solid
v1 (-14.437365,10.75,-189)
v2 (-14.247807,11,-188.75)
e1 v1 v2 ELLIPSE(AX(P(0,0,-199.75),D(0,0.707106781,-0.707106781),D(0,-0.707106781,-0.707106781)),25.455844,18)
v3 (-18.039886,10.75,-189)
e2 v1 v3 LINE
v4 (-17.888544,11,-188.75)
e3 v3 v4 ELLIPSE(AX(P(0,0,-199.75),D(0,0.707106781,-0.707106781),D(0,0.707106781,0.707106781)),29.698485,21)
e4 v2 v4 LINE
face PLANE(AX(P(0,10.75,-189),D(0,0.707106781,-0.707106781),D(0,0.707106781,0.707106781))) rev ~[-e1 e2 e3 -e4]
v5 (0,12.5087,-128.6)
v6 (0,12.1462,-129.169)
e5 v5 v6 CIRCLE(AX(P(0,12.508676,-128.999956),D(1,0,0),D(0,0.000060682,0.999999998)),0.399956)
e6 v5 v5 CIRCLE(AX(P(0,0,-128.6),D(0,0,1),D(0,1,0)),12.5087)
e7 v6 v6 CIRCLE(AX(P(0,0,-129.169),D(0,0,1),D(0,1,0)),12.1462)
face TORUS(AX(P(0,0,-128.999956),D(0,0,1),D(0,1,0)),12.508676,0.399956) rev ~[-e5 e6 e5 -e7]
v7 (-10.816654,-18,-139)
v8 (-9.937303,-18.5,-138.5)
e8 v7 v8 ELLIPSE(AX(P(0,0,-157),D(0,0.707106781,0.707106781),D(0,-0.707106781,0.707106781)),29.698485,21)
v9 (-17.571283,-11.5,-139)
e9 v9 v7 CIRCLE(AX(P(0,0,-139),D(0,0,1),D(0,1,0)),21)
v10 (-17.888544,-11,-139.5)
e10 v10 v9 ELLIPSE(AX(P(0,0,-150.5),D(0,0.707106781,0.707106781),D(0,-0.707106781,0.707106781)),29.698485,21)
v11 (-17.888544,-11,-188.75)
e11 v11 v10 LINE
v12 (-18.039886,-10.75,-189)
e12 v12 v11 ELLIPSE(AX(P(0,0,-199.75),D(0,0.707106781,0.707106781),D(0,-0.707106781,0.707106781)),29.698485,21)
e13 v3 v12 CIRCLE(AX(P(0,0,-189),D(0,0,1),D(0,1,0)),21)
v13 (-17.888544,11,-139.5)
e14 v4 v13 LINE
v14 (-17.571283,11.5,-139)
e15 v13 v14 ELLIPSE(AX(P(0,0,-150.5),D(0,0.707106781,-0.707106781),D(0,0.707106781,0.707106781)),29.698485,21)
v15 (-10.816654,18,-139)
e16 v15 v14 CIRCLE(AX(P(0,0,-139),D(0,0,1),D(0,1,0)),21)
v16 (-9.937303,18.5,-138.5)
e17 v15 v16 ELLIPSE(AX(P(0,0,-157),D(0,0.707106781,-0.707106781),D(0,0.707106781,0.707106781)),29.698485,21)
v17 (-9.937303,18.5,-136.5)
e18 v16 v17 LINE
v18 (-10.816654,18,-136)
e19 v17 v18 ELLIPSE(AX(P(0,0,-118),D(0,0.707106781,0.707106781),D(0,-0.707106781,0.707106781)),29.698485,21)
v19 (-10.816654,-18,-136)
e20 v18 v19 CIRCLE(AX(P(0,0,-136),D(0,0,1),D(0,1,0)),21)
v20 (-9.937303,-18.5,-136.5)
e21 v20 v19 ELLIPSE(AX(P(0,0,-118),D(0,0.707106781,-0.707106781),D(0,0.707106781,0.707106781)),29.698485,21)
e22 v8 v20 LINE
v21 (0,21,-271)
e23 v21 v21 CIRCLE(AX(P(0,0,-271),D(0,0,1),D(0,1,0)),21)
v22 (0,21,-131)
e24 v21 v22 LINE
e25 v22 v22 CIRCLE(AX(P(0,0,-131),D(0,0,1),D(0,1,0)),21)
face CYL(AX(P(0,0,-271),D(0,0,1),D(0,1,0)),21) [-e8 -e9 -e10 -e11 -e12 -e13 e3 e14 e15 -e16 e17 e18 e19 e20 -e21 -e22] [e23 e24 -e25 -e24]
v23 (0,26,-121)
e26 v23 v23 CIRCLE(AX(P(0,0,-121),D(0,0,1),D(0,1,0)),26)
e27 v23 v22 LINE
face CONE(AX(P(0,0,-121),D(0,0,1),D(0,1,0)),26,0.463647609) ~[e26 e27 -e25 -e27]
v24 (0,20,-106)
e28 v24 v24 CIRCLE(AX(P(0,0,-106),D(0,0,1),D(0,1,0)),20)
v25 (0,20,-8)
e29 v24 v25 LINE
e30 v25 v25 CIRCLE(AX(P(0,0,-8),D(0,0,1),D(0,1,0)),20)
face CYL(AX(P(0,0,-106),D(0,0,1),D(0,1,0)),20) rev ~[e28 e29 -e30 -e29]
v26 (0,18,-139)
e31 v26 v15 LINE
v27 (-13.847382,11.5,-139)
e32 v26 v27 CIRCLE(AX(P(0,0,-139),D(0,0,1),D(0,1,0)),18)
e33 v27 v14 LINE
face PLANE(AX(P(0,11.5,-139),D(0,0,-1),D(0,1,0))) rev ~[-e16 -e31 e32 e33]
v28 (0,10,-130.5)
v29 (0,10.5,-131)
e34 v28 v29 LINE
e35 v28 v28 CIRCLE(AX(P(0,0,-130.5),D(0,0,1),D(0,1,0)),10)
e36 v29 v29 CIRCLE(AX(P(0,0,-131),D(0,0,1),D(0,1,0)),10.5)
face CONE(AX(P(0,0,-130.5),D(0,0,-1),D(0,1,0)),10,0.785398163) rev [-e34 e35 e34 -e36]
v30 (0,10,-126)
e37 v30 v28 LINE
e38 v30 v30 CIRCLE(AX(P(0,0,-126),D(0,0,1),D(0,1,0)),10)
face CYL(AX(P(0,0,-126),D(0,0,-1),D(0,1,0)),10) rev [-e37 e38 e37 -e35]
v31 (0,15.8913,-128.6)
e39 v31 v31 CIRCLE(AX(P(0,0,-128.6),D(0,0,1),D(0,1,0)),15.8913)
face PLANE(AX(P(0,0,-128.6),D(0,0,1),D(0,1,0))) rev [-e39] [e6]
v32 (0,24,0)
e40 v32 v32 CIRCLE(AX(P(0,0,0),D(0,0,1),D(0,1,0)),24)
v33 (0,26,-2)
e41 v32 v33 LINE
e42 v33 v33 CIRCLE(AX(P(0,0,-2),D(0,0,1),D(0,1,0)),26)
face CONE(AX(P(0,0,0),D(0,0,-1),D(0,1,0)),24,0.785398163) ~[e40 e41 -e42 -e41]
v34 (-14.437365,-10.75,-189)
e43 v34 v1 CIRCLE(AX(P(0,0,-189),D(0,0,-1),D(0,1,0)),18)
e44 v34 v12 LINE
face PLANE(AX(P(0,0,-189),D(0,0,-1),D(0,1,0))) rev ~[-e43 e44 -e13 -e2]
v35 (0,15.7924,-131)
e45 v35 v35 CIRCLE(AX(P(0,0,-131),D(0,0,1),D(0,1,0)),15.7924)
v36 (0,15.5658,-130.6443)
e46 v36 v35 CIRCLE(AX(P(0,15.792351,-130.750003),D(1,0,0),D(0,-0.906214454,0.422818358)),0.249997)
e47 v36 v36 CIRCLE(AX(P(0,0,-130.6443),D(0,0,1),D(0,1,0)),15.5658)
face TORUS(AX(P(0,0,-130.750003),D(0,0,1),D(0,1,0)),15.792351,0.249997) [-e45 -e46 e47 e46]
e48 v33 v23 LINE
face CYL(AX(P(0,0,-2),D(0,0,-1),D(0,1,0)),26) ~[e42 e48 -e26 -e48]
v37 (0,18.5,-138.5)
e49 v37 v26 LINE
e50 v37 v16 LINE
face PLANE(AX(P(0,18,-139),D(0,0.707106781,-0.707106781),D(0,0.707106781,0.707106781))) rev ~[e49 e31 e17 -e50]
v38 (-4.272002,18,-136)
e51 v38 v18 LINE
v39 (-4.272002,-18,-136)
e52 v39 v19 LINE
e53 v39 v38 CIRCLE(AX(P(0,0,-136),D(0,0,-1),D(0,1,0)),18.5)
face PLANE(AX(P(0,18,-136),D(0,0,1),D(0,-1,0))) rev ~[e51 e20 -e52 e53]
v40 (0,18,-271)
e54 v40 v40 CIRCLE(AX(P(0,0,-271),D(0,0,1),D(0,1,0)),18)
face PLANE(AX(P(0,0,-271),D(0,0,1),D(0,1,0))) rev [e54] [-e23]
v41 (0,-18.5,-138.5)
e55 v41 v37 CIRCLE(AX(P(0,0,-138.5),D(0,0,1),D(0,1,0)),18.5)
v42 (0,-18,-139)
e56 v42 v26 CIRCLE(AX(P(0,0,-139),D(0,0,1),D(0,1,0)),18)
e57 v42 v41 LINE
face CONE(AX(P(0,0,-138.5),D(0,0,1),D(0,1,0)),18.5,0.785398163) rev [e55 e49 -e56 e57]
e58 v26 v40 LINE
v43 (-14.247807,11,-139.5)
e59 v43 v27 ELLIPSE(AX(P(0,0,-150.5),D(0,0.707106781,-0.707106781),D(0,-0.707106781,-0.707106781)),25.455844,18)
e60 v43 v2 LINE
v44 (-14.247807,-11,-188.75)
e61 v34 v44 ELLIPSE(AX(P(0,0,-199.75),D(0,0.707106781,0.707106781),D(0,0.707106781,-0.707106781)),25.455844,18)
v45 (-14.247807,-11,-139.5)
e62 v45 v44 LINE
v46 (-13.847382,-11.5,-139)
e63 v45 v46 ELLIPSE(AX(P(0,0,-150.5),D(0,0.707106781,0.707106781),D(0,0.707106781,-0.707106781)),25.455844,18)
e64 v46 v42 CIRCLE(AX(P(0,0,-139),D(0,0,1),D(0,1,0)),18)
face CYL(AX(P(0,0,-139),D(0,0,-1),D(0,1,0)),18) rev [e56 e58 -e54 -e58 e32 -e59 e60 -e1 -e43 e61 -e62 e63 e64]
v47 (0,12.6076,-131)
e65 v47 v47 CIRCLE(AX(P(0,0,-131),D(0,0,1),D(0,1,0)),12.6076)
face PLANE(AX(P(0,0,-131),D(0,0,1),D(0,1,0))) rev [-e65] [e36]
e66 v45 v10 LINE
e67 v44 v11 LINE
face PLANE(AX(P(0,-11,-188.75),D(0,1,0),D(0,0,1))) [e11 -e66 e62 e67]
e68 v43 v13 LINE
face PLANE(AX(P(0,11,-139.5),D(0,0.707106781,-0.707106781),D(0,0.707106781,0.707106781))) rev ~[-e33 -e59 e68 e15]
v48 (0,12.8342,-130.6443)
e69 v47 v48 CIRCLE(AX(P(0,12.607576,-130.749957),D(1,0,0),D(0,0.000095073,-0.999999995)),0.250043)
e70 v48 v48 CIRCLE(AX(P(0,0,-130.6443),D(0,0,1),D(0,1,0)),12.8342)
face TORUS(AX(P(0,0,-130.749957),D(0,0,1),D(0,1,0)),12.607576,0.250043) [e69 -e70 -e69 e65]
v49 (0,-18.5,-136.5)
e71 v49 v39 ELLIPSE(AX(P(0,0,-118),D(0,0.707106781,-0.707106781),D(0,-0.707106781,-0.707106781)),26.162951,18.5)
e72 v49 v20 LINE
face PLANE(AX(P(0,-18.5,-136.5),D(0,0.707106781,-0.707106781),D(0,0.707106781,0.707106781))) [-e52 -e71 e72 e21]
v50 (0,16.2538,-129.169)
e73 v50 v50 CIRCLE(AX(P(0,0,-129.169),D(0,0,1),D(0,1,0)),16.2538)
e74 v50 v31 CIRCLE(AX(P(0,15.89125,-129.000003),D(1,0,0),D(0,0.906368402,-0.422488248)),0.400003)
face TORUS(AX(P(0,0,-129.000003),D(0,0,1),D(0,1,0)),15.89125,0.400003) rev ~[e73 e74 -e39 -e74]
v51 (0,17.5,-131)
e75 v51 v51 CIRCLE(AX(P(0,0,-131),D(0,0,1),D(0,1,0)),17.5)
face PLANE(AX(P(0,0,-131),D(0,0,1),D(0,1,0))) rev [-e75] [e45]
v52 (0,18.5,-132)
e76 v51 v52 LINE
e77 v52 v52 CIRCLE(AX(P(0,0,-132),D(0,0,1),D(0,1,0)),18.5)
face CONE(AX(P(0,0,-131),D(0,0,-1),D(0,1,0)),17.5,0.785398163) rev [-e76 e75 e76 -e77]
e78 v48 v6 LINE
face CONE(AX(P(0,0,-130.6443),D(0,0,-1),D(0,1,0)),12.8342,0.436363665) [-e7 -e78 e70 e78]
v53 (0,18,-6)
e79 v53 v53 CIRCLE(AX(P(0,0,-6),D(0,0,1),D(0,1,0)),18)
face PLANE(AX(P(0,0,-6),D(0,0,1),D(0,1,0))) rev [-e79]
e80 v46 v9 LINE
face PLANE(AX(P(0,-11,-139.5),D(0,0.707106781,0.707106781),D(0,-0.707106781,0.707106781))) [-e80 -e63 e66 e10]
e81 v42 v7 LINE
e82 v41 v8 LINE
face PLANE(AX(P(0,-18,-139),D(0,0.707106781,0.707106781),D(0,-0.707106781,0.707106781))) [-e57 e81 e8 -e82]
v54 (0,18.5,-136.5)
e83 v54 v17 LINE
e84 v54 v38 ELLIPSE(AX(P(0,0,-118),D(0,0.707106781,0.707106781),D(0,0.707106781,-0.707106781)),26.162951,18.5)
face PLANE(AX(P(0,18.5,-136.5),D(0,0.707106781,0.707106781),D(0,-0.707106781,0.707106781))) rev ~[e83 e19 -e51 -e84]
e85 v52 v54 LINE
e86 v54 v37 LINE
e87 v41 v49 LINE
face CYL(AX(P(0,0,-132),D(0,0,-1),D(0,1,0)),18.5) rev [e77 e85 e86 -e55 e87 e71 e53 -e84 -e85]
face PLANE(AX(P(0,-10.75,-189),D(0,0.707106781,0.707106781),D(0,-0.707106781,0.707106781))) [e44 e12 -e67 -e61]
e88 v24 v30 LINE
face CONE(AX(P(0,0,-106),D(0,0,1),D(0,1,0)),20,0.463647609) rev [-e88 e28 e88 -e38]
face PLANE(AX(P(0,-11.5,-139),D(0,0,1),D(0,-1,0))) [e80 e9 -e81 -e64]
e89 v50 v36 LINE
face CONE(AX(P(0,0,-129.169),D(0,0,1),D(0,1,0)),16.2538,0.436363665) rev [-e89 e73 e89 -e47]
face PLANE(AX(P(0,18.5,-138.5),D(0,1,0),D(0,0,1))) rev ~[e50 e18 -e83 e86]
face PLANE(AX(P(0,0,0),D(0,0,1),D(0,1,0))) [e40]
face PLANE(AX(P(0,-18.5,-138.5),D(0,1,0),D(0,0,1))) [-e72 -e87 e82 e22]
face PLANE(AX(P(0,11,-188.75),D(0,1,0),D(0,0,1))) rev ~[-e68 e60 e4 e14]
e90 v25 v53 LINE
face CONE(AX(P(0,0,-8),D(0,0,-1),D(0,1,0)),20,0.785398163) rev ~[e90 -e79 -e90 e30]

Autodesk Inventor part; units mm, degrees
ref_plane "YZ Plane" through (0, 0, 0) normal (1, 0, 0) x (0, 1, 0)
ref_plane "XZ Plane" through (0, 0, 0) normal (0, 1, 0) x (-1, 0, 0)
ref_plane "XY Plane" through (0, 0, 0) normal (0, 0, 1) x (1, 0, 0)
sketch "Esquisse4" plane through (0, 0, 0) normal (1, 0, 0) x (0, 1, 0)
  line L0 (26, -2) -> (26, -121)
  line L1 (24, 0) -> (0, 0)
  line L2 (0, 0) -> (0, -6)
  line L3 (0, -6) -> (18, -6)
  line L4 (20, -106) -> (10, -126)
  line L5 (20, -106) -> (20, -8)
  line L6 (20, -8) -> (18, -6)
  line L7 (24, 0) -> (26, -2)
  line L8 (10, -126) -> (10, -130.5)
  line L9 (10, -130.5) -> (10.5, -131)
  line L10 (10.5, -131) -> (12.6076, -131)
  arc A0 (12.6076, -131) -> (12.8342, -130.6443) centre (12.6076, -130.75) ccw
  line L11 (12.8342, -130.6443) -> (12.1462, -129.169)
  arc A1 (12.5087, -128.6) -> (12.1462, -129.169) centre (12.5087, -129) ccw
  line L12 (12.5087, -128.6) -> (15.8913, -128.6)
  arc A2 (16.2538, -129.169) -> (15.8913, -128.6) centre (15.8913, -129) ccw
  line L13 (16.2538, -129.169) -> (15.5658, -130.6443)
  arc A3 (15.5658, -130.6443) -> (15.7924, -131) centre (15.7924, -130.75) ccw
  line L14 (15.7924, -131) -> (17.5, -131)
  line L15 (15.5658, -130.6443) -> (15.4, -131) construction
  line L16 (15.4, -131) -> (15.7924, -131) construction
  line L17 (12.8342, -130.6443) -> (13, -131) construction
  line L18 (13, -131) -> (12.6076, -131) construction
  line L19 (17.5, -131) -> (18.5, -132)
  line L20 (26, -121) -> (21, -131)
  line L21 (21, -271) -> (21, -131)
  line L22 (18, -271) -> (21, -271)
  line L23 (0, -325.2) -> (0, 54.2) projected
  line L24 (18.5, -132) -> (18.5, -138.5)
  line L25 (18.5, -138.5) -> (18, -139)
  line L26 (18, -139) -> (18, -271)
  dimension "d11" = 2
  dimension "d12" = 6
  dimension "d13" = 6
  dimension "d14" = 2
  dimension "d15" = 2
  dimension "d16" = 2
  dimension "d17" = 65
  dimension "d18" = 0.25
  dimension "d19" = 0.4
  dimension "d20" = 65
  dimension "d21" = 2.4
  dimension "d22" = 2.4
  dimension "d23" = 0.5
  dimension "d24" = 0.5
  dimension "d25" = 3
  dimension "d26" = 20
  dimension "d27" = 20
  dimension "d28" = 100
  dimension "d29" = 10
  dimension "d30" = 5
  dimension "d35" = 1
  dimension "d37" = 1
  dimension "d46" = 140
  dimension "d64" = 18
  dimension "d65" = 0.5
  dimension "d68" = 0.5
  dimension "d72" = 8
  dimension "d75" = 3
revolve "Révolution1" add sketch "Esquisse4" angle 360 about axis through (0, 0, -10) along (0, 0, 1)
sketch "Esquisse5" plane through (0, 0, 0) normal (1, 0, 0) x (0, 1, 0)
  line L0 (-26, -2) -> (-24, 0) projected
  line L1 (-24, 0) -> (24, 0) projected
  line L2 (24, 0) -> (26, -2) projected
  line L3 (26, -2) -> (26, -121) projected
  line L4 (26, -121) -> (21, -131) projected
  line L5 (21, -131) -> (21, -271) projected
  line L6 (21, -271) -> (18, -271) projected
  line L7 (18.5, -132) -> (17.5, -131) projected
  line L8 (17.5, -131) -> (15.7924, -131) projected
  arc A0 (15.5658, -130.6443) -> (15.7924, -131) centre (15.7924, -130.75) ccw projected
  line L9 (15.5658, -130.6443) -> (16.2538, -129.169) projected
  arc A1 (16.2538, -129.169) -> (15.8913, -128.6) centre (15.8913, -129) ccw projected
  line L10 (15.8913, -128.6) -> (12.5087, -128.6) projected
  arc A2 (12.5087, -128.6) -> (12.1462, -129.169) centre (12.5087, -129) ccw projected
  line L11 (12.1462, -129.169) -> (12.8342, -130.6443) projected
  arc A3 (12.6076, -131) -> (12.8342, -130.6443) centre (12.6076, -130.75) ccw projected
  line L12 (12.6076, -131) -> (10.5, -131) projected
  line L13 (10.5, -131) -> (10, -130.5) projected
  line L14 (10, -130.5) -> (10, -126) projected
  line L15 (10, -126) -> (20, -106) projected
  line L16 (20, -106) -> (20, -8) projected
  line L17 (20, -8) -> (18, -6) projected
  line L18 (18, -6) -> (-18, -6) projected
  line L19 (-18, -6) -> (-20, -8) projected
  line L20 (-20, -8) -> (-20, -106) projected
  line L21 (-20, -106) -> (-10, -126) projected
  line L22 (-10, -126) -> (-10, -130.5) projected
  line L23 (-10, -130.5) -> (-10.5, -131) projected
  line L24 (-10.5, -131) -> (-12.6076, -131) projected
  arc A4 (-12.8342, -130.6443) -> (-12.6076, -131) centre (-12.6076, -130.75) ccw projected
  line L25 (-12.8342, -130.6443) -> (-12.1462, -129.169) projected
  arc A5 (-12.1462, -129.169) -> (-12.5087, -128.6) centre (-12.5087, -129) ccw projected
  line L26 (-12.5087, -128.6) -> (-15.8913, -128.6) projected
  arc A6 (-15.8913, -128.6) -> (-16.2538, -129.169) centre (-15.8913, -129) ccw projected
  line L27 (-16.2538, -129.169) -> (-15.5658, -130.6443) projected
  arc A7 (-15.7924, -131) -> (-15.5658, -130.6443) centre (-15.7924, -130.75) ccw projected
  line L28 (-15.7924, -131) -> (-17.5, -131) projected
  line L29 (-17.5, -131) -> (-18.5, -132) projected
  line L30 (-18, -271) -> (-21, -271) projected
  line L31 (-21, -271) -> (-21, -131) projected
  line L32 (-21, -131) -> (-26, -121) projected
  line L33 (-26, -121) -> (-26, -2) projected
  line L34 (18, -136) -> (0, -136)
  line L35 (0, -189) -> (10.75, -189)
  line L36 (10.75, -189) -> (11, -188.75)
  line L37 (11, -188.75) -> (11, -139.5)
  line L38 (11, -139.5) -> (11.5, -139)
  line L39 (11.5, -139) -> (18, -139)
  line L40 (18, -139) -> (18.5, -138.5)
  line L41 (18.5, -138.5) -> (18.5, -136.5)
  line L42 (18.5, -136.5) -> (18, -136)
  line L43 (0, -277.2) -> (0, 46.2) projected
  line L44 (-18, -136) -> (0, -136)
  line L45 (0, -189) -> (-10.75, -189)
  line L46 (-10.75, -189) -> (-11, -188.75)
  line L47 (-11, -188.75) -> (-11, -139.5)
  line L48 (-11, -139.5) -> (-11.5, -139)
  line L49 (-11.5, -139) -> (-18, -139)
  line L50 (-18, -139) -> (-18.5, -138.5)
  line L51 (-18.5, -138.5) -> (-18.5, -136.5)
  line L52 (-18.5, -136.5) -> (-18, -136)
  line L53 (18, -271) -> (18, -139) projected
  line L54 (18, -139) -> (18.5, -138.5) projected
  line L55 (18.5, -138.5) -> (18.5, -132) projected
  line L56 (-18.5, -132) -> (-18.5, -138.5) projected
  line L57 (-18.5, -138.5) -> (-18, -139) projected
  line L58 (-18, -139) -> (-18, -271) projected
  point P0 (0, 0)
  dimension "d49" = 3
  dimension "d50" = 5
  dimension "d51" = 0.5
  dimension "d52" = 0.5
  dimension "d53" = 0.5
  dimension "d54" = 0.5
  dimension "d55" = 11
  dimension "d56" = 18.5
  dimension "d57" = 0.5
  dimension "d58" = 0.5
  dimension "d59" = 0.25
  dimension "d60" = 0.25
  dimension "d61" = 50
extrude "Extrusion4" cut sketch "Esquisse5" against normal up to surface contours L34 L42 L41 L40 L39 L38 L37 L36 L35 L43 | L43 L45 L46 L47 L48 L49 L50 L51 L52 L44
equation "\"d11\" = d14"
equation "\"d16\" = d15"
equation "\"d20\" = d17"
equation "\"d24\" = d23"
properties part number "reservoir" material "S235JR (E24-2)"
